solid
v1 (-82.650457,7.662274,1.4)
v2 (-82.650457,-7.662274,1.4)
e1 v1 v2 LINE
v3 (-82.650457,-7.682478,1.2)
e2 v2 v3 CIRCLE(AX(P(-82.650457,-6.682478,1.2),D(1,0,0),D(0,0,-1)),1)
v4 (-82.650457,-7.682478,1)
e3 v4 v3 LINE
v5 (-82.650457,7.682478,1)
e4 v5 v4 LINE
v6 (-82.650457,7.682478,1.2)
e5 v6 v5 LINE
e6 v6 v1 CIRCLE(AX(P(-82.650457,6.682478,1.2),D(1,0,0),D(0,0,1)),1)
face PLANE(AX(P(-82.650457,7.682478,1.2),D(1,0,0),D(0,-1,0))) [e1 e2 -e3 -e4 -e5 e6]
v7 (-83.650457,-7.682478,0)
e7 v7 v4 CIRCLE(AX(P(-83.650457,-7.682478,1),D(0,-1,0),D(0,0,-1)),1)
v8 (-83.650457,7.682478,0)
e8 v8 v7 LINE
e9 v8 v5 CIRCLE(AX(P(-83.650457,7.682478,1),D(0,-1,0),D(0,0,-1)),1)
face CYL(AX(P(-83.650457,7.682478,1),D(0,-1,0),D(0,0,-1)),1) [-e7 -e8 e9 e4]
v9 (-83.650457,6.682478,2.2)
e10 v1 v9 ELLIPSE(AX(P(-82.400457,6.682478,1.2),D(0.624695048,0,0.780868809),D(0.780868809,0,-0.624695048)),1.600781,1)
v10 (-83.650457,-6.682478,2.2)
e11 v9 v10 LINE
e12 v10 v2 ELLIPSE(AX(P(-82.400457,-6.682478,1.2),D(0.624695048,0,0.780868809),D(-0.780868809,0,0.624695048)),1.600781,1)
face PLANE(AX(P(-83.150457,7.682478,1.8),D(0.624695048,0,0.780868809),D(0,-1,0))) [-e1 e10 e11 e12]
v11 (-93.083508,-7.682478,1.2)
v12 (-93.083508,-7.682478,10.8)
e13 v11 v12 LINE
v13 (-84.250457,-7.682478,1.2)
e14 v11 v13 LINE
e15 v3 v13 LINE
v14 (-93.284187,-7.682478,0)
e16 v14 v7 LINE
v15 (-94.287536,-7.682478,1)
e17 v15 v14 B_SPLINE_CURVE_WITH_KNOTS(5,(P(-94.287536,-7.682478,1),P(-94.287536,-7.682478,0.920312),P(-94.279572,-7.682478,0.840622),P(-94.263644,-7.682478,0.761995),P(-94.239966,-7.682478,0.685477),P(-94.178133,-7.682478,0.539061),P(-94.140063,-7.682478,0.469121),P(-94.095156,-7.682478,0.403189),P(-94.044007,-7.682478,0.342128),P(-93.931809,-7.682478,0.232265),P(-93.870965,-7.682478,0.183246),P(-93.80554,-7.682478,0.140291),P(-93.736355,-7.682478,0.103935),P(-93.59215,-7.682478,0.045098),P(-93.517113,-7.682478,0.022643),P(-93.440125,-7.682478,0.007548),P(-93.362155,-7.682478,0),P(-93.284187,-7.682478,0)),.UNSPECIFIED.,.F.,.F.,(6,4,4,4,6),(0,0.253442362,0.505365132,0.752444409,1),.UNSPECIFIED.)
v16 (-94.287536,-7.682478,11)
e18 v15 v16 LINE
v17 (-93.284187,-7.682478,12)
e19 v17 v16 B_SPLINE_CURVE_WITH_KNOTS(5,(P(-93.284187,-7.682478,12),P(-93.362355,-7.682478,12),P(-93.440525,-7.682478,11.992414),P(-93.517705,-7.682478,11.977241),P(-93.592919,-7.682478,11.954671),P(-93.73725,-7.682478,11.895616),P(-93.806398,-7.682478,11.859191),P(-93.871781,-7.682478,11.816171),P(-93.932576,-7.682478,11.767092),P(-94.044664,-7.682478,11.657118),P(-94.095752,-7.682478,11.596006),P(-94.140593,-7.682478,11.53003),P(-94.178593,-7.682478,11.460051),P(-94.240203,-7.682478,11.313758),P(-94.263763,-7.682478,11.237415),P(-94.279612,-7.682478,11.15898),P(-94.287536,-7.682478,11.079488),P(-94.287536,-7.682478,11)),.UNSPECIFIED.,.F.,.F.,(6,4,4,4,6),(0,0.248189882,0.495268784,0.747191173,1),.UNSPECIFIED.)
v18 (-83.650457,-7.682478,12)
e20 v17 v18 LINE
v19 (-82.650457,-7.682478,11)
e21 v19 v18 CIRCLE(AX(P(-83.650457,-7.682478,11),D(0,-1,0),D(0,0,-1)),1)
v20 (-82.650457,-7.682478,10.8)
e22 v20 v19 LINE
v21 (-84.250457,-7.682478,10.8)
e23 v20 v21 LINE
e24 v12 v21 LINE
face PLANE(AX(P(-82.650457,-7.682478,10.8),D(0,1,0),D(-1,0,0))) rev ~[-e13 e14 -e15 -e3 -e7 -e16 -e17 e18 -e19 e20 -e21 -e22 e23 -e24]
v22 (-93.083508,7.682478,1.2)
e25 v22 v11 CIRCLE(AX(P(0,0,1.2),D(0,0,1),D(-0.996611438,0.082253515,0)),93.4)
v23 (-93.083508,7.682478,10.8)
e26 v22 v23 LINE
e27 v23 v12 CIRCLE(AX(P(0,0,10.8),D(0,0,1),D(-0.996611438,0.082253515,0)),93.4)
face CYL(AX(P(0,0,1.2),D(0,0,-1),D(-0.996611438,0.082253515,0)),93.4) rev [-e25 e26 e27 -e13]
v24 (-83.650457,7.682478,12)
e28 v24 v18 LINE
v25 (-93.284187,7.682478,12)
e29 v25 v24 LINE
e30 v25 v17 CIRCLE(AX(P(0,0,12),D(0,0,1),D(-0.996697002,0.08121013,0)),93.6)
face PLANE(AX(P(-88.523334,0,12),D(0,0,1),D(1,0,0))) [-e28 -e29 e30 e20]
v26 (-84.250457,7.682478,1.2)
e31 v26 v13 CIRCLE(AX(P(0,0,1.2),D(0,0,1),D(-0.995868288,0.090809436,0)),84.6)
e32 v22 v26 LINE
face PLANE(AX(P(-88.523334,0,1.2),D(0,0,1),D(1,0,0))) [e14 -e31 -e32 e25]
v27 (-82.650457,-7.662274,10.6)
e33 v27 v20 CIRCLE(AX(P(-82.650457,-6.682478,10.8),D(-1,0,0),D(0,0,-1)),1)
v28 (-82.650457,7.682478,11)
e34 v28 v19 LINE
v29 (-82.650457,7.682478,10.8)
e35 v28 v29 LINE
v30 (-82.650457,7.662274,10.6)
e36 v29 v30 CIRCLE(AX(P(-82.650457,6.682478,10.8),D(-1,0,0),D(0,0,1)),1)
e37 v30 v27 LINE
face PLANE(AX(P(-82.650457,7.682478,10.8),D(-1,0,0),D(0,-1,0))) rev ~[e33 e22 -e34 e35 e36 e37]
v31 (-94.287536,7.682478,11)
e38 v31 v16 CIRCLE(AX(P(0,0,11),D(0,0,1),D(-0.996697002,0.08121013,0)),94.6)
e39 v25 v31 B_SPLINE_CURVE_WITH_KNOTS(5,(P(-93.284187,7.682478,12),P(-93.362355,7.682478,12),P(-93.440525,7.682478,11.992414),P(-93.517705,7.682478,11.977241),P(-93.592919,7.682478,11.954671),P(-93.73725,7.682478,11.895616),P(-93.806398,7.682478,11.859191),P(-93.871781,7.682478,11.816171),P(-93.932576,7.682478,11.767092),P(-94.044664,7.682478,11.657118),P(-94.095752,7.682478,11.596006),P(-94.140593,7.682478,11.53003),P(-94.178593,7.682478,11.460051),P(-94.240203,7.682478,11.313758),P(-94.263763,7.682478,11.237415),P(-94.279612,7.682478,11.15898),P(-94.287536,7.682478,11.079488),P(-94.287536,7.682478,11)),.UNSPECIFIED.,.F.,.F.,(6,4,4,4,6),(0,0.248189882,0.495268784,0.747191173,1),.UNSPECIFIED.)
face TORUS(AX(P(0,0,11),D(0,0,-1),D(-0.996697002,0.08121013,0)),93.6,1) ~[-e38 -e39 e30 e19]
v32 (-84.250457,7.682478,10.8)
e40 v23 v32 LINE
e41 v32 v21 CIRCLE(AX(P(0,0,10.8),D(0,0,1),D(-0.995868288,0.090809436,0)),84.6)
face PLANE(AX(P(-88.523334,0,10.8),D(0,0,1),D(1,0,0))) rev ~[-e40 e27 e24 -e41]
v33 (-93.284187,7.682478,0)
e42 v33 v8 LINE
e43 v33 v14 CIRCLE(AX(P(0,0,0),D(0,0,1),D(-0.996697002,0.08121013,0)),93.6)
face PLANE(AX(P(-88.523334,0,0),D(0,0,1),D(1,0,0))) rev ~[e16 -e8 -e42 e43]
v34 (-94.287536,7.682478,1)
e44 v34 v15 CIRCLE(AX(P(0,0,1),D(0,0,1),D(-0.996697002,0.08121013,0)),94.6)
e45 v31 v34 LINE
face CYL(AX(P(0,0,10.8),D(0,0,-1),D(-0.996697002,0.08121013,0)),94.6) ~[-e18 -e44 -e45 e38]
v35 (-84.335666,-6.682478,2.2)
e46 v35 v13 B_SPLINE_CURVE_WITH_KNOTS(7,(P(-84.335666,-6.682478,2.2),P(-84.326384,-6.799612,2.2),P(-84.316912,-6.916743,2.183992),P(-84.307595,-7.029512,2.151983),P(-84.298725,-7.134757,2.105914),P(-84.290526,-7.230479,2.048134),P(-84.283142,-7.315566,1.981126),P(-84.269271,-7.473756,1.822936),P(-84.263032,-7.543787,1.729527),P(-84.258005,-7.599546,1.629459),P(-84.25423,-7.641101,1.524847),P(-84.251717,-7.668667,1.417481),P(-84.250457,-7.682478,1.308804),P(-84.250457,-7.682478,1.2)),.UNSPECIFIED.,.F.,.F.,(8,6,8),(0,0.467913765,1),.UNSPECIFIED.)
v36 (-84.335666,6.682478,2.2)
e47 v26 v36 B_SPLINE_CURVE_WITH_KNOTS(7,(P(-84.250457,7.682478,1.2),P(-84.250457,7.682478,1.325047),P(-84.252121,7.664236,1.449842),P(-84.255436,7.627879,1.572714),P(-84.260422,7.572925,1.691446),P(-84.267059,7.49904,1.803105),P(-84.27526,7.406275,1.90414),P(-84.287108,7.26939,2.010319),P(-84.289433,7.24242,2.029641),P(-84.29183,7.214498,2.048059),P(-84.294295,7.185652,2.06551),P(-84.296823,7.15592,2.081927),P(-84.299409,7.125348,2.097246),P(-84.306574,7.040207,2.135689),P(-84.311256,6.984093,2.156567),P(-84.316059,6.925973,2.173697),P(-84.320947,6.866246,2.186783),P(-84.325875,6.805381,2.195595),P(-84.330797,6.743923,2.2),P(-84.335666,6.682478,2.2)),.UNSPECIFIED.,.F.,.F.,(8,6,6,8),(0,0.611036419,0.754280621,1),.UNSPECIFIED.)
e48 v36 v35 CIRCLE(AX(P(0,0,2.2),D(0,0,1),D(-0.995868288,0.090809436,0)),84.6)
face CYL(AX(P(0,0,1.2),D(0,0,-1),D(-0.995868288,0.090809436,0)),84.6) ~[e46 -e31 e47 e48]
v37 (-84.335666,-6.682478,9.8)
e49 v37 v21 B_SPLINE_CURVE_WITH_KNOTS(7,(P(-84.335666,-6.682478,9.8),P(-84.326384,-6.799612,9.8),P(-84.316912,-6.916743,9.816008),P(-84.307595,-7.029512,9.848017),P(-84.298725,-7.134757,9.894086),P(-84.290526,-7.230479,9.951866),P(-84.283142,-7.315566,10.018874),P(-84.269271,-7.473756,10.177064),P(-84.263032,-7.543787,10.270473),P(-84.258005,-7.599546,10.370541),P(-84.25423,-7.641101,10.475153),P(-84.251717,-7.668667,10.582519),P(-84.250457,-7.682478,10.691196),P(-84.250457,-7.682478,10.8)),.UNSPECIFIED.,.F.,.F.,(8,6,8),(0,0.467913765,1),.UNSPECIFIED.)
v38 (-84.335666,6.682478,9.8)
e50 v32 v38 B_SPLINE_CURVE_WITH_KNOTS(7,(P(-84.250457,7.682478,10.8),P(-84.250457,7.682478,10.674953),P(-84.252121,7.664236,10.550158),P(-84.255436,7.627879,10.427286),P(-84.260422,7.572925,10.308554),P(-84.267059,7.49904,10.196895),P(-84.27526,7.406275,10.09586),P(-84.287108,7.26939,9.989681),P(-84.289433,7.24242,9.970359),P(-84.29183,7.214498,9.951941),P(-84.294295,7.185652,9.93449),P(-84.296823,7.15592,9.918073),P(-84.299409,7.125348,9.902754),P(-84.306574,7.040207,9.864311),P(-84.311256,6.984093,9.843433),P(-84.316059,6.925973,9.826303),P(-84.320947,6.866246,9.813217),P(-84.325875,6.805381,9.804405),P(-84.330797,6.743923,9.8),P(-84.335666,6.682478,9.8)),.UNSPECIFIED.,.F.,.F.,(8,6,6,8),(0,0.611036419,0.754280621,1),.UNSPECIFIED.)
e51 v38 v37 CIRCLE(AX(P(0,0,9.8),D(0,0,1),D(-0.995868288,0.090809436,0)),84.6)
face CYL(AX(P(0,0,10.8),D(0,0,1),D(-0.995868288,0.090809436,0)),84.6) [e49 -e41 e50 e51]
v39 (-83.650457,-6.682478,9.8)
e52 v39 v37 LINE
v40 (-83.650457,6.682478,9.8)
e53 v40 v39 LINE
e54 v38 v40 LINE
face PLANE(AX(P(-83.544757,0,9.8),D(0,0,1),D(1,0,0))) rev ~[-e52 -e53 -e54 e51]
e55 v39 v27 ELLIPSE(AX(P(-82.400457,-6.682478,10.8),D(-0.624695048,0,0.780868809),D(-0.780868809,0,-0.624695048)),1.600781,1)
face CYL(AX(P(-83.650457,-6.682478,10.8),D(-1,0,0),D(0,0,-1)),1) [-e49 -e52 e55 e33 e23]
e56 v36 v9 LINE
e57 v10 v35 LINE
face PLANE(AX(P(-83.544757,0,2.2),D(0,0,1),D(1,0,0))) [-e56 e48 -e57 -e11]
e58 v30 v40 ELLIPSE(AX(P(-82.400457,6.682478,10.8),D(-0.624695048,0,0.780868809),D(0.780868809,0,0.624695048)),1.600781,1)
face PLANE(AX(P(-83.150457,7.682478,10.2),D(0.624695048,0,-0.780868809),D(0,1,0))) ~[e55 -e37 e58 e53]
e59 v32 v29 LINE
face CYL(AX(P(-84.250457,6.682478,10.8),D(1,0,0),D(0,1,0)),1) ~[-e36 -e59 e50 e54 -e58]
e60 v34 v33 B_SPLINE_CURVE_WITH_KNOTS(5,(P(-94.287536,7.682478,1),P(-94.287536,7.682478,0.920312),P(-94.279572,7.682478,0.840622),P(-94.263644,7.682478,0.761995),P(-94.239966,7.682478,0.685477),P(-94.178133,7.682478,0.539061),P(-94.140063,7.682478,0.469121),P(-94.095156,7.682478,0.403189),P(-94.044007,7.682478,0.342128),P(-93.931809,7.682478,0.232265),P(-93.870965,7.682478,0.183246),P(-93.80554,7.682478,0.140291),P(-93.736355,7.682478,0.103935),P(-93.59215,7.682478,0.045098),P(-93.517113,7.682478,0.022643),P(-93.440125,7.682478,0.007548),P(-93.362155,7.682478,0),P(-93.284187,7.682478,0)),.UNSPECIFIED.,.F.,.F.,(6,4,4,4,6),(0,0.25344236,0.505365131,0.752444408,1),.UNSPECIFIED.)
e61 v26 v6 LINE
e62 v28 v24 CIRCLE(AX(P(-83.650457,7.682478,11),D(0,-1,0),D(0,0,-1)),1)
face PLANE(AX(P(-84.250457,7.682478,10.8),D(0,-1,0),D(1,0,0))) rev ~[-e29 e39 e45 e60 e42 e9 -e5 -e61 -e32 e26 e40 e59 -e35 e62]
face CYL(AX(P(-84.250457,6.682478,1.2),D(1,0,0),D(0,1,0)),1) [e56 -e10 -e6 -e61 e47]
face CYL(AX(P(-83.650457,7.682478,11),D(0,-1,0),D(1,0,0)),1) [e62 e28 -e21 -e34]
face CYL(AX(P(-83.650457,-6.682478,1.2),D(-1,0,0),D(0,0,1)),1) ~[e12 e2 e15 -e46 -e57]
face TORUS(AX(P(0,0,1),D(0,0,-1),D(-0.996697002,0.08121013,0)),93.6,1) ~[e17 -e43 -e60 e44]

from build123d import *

# Parameters (mm, degrees)
PAD003_DEPTH       = 1.2
PAD004_DEPTH       = 9.6
PAD005_DEPTH       = 1.2
PAD006_DEPTH       = 1
PAD007_DEPTH       = 1
CHAMFER001_1_SIZE2 = 0.8
CHAMFER001_1_SIZE  = 1
CHAMFER001_2_SIZE2 = 0.8
CHAMFER001_2_SIZE  = 1
FILLET001_R        = 1


with BuildPart() as part:
    # Sketch006 → Pad003 (new body)
    with BuildSketch(Plane.XY):
        with BuildLine():
            ThreePointArc((-94.2875364362, 7.682478298), (-94.6, 0), (-94.2875364362, -7.682478298))
            Line((-94.2875364362, -7.682478298), (-82.6504571335, -7.682478298))
            Line((-82.6504571335, 7.682478298), (-82.6504571335, -7.682478298))
            Line((-94.2875364362, 7.682478298), (-82.6504571335, 7.682478298))
        make_face()
    extrude(amount=PAD003_DEPTH)

    # Sketch007 → Pad004 (join)
    with BuildSketch(Plane.XY.offset(1.2)):
        with BuildLine():
            ThreePointArc((-94.2875364362, 7.682478298), (-94.6, 0), (-94.2875364362, -7.682478298))
            Line((-93.0835083525, -7.682478298), (-94.2875364362, -7.682478298))
            ThreePointArc((-93.0835083525, 7.682478298), (-93.4, 0), (-93.0835083525, -7.682478298))
            Line((-94.2875364362, 7.682478298), (-93.0835083525, 7.682478298))
        make_face()
    extrude(amount=PAD004_DEPTH)

    # Sketch008 → Pad005 (join)
    with BuildSketch(Plane.XY.offset(10.8)):
        with BuildLine():
            ThreePointArc((-94.2875364362, 7.682478298), (-94.6, 0), (-94.2875364362, -7.682478298))
            Line((-94.2875364362, -7.682478298), (-82.6504571335, -7.682478298))
            Line((-82.6504571335, 7.682478298), (-82.6504571335, -7.682478298))
            Line((-94.2875364362, 7.682478298), (-82.6504571335, 7.682478298))
        make_face()
    extrude(amount=PAD005_DEPTH)

    # Sketch009 → Pad006 (join)
    with BuildSketch(Plane.XY.offset(1.2)):
        with BuildLine():
            ThreePointArc((-84.2504571335, 7.682478298), (-84.6, 0), (-84.2504571335, -7.682478298))
            Line((-82.6504571335, -7.682478298), (-84.2504571335, -7.682478298))
            Line((-82.6504571335, 7.682478298), (-82.6504571335, -7.682478298))
            Line((-84.2504571335, 7.682478298), (-82.6504571335, 7.682478298))
        make_face()
    extrude(amount=PAD006_DEPTH)

    # Sketch010 → Pad007 (join)
    with BuildSketch(Plane.XY.offset(10.8)):
        with BuildLine():
            ThreePointArc((-84.2504571335, 7.682478298), (-84.6, 0), (-84.2504571335, -7.682478298))
            Line((-82.6504571335, -7.682478298), (-84.2504571335, -7.682478298))
            Line((-82.6504571335, 7.682478298), (-82.6504571335, -7.682478298))
            Line((-84.2504571335, 7.682478298), (-82.6504571335, 7.682478298))
        make_face()
    extrude(amount=-PAD007_DEPTH)

    # Chamfer001 1
    chamfer001_1_edges = [part.edges().sort_by_distance(p)[0] for p in [
        (-82.650457, 0, 2.2),
    ]]
    chamfer001_1_side = part.faces().sort_by_distance((-83.56998, 0, 2.2))[0]
    chamfer(chamfer001_1_edges, length=CHAMFER001_1_SIZE, length2=CHAMFER001_1_SIZE2, reference=chamfer001_1_side)

    # Chamfer001 2
    chamfer001_2_edges = [part.edges().sort_by_distance(p)[0] for p in [
        (-82.650457, 0, 9.8),
    ]]
    chamfer001_2_side = part.faces().sort_by_distance((-83.56998, 0, 9.8))[0]
    chamfer(chamfer001_2_edges, length=CHAMFER001_2_SIZE, length2=CHAMFER001_2_SIZE2, reference=chamfer001_2_side)

    # Fillet001
    fillet001_edges = [part.edges().sort_by_distance(p)[0] for p in [
        (-94.6, 0, 0),
        (-94.6, 0, 12),
        (-82.650457, 0, 0),
        (-82.650457, 0, 12),
        (-83.950457, -7.682478, 9.8),
        (-83.950457, -7.682478, 2.2),
        (-83.950457, 7.682478, 2.2),
        (-83.950457, 7.682478, 9.8),
    ]]
    fillet(fillet001_edges, radius=FILLET001_R)


solid = part.part
